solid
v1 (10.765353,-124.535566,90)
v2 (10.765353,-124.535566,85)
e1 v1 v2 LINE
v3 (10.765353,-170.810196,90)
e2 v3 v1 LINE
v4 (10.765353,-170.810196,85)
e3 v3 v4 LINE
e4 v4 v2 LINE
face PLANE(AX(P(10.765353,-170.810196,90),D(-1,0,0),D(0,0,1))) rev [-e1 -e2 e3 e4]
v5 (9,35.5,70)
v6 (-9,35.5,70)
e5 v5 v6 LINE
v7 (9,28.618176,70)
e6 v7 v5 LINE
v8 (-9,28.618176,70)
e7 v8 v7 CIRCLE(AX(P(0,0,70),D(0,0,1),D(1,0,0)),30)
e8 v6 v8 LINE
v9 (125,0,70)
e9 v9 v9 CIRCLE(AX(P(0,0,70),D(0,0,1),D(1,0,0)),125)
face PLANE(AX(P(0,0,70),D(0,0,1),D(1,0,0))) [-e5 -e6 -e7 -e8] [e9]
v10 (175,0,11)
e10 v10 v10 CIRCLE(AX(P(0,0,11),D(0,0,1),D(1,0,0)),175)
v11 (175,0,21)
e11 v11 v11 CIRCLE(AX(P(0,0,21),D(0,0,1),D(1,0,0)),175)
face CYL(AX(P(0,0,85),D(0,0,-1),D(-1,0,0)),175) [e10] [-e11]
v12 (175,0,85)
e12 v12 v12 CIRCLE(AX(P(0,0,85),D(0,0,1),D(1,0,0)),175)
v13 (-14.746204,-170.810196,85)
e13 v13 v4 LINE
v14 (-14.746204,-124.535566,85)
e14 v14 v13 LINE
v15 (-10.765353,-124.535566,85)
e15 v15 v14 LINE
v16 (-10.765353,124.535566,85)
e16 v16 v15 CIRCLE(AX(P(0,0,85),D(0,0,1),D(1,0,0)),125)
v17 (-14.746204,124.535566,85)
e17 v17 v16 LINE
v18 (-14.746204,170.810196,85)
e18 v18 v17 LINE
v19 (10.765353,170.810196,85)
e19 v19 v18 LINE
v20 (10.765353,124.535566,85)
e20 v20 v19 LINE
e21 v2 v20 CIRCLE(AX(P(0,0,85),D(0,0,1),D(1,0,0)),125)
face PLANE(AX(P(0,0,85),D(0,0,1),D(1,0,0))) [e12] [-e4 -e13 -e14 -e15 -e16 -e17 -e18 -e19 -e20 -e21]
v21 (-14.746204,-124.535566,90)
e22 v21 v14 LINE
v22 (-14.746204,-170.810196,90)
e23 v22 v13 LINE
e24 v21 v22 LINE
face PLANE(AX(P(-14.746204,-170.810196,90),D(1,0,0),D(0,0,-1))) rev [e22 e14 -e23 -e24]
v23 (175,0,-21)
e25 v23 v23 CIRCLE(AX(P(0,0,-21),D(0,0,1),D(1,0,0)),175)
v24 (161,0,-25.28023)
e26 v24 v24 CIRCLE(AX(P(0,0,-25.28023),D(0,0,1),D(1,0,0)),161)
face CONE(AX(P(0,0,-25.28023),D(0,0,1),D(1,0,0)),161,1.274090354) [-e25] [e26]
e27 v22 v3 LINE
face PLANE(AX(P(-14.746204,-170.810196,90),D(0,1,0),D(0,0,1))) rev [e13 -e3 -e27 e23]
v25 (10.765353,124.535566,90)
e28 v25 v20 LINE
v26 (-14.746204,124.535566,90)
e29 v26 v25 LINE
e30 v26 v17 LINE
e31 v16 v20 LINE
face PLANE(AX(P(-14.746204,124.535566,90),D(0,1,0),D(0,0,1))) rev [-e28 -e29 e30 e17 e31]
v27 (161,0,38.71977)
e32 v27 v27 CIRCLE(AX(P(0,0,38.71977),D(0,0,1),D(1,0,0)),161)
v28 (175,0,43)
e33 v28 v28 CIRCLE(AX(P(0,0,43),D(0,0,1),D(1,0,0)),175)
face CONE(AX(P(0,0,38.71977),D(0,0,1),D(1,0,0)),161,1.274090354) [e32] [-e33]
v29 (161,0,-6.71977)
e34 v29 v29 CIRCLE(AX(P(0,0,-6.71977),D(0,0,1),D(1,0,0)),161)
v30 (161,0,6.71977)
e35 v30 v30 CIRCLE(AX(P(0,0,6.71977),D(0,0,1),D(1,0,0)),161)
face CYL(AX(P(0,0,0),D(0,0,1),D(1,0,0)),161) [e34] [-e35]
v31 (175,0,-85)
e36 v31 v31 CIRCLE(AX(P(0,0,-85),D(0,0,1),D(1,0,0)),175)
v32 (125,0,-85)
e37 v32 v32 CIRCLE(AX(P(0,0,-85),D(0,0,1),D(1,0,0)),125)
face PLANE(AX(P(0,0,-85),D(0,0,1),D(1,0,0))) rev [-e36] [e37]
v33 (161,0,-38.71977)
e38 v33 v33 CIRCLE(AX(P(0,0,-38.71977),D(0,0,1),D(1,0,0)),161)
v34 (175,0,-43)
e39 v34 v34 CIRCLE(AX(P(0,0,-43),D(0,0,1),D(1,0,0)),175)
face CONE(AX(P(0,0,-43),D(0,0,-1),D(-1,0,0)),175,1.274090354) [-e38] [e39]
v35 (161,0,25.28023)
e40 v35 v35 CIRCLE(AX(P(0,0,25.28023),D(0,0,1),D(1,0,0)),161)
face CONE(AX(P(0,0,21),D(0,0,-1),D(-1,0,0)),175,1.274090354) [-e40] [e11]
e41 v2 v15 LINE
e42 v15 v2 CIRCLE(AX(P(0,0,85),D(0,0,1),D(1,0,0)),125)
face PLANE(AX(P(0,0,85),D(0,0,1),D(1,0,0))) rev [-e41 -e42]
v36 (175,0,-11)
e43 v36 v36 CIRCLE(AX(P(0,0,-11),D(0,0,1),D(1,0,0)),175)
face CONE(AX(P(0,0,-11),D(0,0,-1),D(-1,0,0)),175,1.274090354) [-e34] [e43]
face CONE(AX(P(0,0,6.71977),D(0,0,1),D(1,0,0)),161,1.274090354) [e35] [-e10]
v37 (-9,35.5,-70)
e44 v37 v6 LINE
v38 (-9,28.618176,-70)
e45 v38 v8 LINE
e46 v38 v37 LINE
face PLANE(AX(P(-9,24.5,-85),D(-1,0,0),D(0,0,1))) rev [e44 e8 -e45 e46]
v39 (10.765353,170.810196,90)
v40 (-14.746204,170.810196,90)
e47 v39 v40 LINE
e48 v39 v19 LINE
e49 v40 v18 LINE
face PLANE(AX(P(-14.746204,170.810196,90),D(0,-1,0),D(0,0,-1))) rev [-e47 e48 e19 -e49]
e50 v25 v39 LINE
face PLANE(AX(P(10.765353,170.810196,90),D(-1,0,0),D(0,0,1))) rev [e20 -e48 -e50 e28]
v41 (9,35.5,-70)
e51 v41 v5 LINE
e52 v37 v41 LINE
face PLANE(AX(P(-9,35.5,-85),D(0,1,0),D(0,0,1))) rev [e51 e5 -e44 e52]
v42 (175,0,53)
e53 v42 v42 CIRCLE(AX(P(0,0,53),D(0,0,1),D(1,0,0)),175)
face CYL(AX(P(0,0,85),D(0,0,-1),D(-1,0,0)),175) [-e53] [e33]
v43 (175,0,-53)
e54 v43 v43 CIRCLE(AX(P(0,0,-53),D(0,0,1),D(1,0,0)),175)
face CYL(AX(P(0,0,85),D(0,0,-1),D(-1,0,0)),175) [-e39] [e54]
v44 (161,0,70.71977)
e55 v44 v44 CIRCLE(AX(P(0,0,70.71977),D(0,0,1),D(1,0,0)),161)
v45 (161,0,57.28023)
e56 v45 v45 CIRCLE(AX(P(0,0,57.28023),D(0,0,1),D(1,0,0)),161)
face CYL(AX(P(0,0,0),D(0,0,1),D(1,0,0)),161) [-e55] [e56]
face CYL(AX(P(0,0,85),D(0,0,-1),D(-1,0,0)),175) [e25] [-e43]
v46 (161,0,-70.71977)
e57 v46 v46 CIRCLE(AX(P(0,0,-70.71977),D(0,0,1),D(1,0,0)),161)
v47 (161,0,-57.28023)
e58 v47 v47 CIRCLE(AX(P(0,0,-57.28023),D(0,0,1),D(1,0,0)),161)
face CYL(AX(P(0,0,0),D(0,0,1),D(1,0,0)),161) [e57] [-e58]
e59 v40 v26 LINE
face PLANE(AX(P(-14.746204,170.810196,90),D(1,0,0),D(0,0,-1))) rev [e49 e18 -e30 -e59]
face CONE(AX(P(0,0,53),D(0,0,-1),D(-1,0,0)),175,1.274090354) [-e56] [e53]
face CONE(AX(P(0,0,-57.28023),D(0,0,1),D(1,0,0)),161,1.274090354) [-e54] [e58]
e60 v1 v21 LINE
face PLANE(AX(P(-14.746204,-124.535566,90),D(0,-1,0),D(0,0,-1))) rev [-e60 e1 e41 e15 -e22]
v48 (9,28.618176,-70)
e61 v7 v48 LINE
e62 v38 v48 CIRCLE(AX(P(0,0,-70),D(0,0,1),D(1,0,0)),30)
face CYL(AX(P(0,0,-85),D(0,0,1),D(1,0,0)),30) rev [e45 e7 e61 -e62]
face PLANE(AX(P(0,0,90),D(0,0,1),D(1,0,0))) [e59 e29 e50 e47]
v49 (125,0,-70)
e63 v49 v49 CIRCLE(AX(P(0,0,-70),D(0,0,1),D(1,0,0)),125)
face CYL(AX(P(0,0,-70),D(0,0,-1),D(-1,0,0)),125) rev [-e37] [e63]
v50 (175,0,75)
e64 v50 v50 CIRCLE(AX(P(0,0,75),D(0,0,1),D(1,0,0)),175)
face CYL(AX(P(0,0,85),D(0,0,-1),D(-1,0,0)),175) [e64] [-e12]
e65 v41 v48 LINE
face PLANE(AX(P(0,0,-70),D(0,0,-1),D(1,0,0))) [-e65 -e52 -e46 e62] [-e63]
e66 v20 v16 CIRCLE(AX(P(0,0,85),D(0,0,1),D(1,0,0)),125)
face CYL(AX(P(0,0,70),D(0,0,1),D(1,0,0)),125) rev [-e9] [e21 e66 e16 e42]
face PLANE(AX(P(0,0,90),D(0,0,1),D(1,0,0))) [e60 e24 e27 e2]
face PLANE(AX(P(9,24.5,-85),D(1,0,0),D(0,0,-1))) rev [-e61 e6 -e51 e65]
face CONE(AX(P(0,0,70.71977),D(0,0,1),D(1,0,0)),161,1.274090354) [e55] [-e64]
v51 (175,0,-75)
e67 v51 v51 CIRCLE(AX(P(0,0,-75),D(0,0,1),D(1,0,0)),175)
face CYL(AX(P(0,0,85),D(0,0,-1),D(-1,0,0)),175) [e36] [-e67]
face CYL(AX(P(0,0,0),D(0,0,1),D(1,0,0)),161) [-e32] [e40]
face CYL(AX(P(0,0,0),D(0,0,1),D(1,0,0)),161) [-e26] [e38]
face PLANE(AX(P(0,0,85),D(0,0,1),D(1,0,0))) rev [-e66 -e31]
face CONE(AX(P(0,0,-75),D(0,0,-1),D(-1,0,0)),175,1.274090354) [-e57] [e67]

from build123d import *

# Parameters (mm, degrees)
SKETCH1_R           = 175
BOSS_EXTRUDE1_DEPTH = 85
SKETCH3_R           = 30
CUT_EXTRUDE1_DEPTH  = 301.24989592
SKETCH4_R           = 125
SKETCH4_R_2         = 30
CUT_EXTRUDE2_DEPTH  = 15
SKETCH5_W           = 18
SKETCH5_H           = 11
CUT_EXTRUDE3_DEPTH  = 293.018835009
SKETCH10_W          = 25.511557439
SKETCH10_H          = 46.274630521
BOSS_EXTRUDE2_DEPTH = 5


with BuildPart() as part:
    # Sketch1 → Boss-Extrude1 (new, symmetric)
    with BuildSketch(Plane.XY):
        Circle(SKETCH1_R)
    extrude(amount=BOSS_EXTRUDE1_DEPTH, both=True)

    # Sketch3 → Cut-Extrude1 (cut, through all)
    with BuildSketch(Plane.XY.offset(85)):
        Circle(SKETCH3_R)
    extrude(amount=-CUT_EXTRUDE1_DEPTH, mode=Mode.SUBTRACT)

    # Sketch4 → Cut-Extrude2 (cut)
    with BuildSketch(Plane.XY.offset(85)):
        Circle(SKETCH4_R)
        Circle(SKETCH4_R_2, mode=Mode.SUBTRACT)
    cut_extrude2 = extrude(amount=-CUT_EXTRUDE2_DEPTH, mode=Mode.SUBTRACT)

    # Mirror1: Cut-Extrude2 across plane
    add(cut_extrude2.mirror(Plane.XY), mode=Mode.SUBTRACT)

    # Sketch5 → Cut-Extrude3 (cut, through all)
    with BuildSketch(Plane.XY.offset(70)):
        with Locations((0, 30)):
            Rectangle(SKETCH5_W, SKETCH5_H)
    extrude(amount=-CUT_EXTRUDE3_DEPTH, mode=Mode.SUBTRACT)

    # Sketch9 → Cut-Revolve2 (revolve, cut)
    with BuildSketch(Plane(origin=(0, 0, 0), x_dir=(1, 0, 0), z_dir=(0, 1, 0))):
        Polygon((175, 75), (161, 70.71977046), (161, 57.28022954), (175, 53), align=None)
        Polygon((175, 43), (175, 21), (161, 25.28022954), (161, 38.71977046), align=None)
        Polygon((175, 11), (161, 6.71977046), (161, -6.71977046), (175, -11), align=None)
        Polygon((175, -21), (175, -43), (161, -38.71977046), (161, -25.28022954), align=None)
        Polygon((175, -53), (161, -57.28022954), (161, -70.71977046), (175, -75), align=None)
    revolve(axis=Axis((0, 0, 0), (0, 0, -1)), mode=Mode.SUBTRACT)

    # Sketch10 → Boss-Extrude2 (add)
    with BuildSketch(Plane.XY.offset(85)):
        with Locations((-1.990425285, 147.672881125)):
            Rectangle(SKETCH10_W, SKETCH10_H)
        with Locations((-1.990425285, -147.672881125)):
            Rectangle(SKETCH10_W, SKETCH10_H)
    extrude(amount=BOSS_EXTRUDE2_DEPTH)


solid = part.part
